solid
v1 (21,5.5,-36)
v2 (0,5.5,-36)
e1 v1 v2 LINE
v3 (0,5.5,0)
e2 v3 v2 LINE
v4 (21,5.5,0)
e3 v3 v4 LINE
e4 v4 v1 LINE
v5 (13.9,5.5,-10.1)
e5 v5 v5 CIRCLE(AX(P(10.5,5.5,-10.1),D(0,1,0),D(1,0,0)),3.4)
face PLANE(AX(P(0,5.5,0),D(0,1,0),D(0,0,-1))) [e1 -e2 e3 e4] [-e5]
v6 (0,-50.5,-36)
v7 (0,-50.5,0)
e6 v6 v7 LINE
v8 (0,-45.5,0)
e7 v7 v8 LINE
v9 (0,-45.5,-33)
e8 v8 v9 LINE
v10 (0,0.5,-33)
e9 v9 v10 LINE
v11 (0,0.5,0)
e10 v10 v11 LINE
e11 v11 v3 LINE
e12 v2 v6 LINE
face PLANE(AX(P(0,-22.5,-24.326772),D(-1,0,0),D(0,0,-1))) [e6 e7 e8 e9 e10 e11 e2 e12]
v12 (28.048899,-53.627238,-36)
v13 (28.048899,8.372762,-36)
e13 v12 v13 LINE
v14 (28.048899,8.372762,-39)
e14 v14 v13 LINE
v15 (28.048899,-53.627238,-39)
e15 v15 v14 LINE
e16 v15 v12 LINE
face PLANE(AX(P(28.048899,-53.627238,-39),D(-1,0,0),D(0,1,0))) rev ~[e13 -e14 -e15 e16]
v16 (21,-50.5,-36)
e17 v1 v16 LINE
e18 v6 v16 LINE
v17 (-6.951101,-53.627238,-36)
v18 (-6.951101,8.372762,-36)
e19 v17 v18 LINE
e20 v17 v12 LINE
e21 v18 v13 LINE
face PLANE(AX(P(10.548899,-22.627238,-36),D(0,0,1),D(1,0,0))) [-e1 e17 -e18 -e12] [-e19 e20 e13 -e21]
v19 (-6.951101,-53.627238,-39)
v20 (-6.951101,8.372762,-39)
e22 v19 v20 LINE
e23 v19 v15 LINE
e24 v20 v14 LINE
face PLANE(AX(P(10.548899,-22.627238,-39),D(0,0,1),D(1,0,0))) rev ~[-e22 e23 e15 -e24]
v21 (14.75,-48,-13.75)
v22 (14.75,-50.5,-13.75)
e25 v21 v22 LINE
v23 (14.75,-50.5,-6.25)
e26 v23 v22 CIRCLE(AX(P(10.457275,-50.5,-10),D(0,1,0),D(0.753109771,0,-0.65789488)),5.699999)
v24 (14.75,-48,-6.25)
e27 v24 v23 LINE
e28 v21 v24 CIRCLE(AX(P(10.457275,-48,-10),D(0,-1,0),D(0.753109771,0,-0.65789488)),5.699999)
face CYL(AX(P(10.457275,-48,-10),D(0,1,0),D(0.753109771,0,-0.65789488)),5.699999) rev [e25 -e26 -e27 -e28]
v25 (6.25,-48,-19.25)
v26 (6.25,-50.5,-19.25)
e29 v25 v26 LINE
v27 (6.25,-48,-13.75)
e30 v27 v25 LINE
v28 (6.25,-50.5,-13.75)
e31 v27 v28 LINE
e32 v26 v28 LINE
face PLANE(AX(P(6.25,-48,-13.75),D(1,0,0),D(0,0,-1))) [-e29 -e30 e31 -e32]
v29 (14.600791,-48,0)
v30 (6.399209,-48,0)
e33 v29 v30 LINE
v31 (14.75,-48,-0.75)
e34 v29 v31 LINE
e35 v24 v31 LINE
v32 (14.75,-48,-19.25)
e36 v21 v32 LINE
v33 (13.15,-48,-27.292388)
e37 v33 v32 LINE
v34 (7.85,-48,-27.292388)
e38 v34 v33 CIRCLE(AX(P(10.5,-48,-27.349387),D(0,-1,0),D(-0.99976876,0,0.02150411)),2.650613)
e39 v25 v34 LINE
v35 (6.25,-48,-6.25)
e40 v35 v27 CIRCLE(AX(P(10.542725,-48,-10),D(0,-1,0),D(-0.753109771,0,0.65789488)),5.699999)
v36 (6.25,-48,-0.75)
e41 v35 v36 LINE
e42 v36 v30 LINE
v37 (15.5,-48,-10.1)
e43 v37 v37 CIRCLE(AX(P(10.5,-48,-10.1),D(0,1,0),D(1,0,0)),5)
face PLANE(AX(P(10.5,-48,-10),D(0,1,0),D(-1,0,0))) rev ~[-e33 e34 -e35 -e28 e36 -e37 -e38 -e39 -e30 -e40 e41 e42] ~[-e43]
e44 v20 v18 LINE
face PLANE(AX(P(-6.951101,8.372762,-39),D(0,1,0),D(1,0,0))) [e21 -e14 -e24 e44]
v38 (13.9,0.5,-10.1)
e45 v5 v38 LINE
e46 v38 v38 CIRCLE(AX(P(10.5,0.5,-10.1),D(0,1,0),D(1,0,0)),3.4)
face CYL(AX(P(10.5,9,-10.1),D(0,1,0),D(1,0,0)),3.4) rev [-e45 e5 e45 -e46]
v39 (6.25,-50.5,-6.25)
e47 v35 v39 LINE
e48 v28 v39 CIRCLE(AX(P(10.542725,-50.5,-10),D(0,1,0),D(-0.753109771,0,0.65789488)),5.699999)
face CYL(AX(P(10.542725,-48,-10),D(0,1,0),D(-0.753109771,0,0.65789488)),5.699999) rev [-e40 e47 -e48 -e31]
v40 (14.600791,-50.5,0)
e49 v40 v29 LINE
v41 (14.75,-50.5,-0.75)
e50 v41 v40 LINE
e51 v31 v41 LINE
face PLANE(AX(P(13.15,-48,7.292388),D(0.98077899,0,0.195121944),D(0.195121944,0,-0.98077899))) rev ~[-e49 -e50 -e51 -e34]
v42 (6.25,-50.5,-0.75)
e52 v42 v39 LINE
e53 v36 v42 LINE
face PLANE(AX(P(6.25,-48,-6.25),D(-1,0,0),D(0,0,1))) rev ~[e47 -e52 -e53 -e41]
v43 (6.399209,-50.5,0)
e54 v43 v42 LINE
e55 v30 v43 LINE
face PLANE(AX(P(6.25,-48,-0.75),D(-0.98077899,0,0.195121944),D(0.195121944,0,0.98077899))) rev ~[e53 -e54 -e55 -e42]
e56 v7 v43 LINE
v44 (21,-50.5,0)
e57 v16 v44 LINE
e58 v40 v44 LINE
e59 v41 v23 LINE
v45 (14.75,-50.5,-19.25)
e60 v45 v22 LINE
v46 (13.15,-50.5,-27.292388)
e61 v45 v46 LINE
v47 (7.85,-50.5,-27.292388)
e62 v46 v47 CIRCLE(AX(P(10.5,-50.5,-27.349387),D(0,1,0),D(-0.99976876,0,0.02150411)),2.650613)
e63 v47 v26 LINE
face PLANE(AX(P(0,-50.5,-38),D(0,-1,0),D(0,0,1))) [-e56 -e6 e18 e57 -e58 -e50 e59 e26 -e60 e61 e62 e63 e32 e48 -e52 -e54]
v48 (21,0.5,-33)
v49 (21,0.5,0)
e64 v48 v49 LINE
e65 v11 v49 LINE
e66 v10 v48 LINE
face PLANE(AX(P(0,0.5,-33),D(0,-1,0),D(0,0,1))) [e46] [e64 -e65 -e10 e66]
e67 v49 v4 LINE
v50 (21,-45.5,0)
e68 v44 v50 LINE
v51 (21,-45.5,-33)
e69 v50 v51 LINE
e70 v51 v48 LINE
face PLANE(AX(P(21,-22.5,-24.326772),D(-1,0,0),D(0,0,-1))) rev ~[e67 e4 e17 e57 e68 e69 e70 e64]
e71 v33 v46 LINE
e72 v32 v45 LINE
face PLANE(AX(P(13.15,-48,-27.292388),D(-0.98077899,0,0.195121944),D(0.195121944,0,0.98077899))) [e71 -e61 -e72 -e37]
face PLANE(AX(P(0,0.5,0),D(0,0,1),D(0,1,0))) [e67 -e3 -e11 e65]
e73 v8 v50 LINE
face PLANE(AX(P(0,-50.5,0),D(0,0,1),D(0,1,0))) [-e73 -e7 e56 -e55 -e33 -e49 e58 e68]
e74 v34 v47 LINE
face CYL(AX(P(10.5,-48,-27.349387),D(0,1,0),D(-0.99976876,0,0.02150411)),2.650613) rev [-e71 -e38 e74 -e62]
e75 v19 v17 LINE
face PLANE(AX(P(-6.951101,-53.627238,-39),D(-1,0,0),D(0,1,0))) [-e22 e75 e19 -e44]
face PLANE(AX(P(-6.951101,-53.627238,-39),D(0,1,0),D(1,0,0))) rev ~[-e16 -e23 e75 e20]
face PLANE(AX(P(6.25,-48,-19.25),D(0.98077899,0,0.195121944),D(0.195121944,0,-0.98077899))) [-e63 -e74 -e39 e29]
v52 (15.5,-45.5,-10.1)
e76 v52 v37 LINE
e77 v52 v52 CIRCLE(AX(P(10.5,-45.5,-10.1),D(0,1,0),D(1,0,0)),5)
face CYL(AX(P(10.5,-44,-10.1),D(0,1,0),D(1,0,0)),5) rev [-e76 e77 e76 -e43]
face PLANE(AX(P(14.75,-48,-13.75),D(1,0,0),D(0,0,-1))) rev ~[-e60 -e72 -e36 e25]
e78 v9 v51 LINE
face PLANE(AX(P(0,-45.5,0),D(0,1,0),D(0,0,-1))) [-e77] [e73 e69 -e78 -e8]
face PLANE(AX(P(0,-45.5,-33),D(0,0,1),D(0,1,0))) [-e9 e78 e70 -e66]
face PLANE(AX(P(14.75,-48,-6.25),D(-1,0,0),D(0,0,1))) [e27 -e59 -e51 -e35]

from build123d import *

# Parameters (mm, degrees)
CYLINDER053_R          = 3.4
CYLINDER053_DEPTH      = 44
CYLINDER052_R          = 5
CYLINDER052_DEPTH      = 9
PAD019_DEPTH           = 5
PAD018_DEPTH           = 21
CUT028_PLACEMENT_ANGLE = 90
SKETCH020_W            = 35
SKETCH020_H            = 62
PAD020_DEPTH           = 3


with BuildPart() as cylinder053:
    # Cylinder053 → Cylinder053 (new body)
    with BuildSketch(Plane(origin=(10.5, -10.1, -9), x_dir=(1, 0, 0), z_dir=(0, 0, 1))):
        Circle(CYLINDER053_R)
    extrude(amount=CYLINDER053_DEPTH)


with BuildPart() as cylinder052:
    # Cylinder052 → Cylinder052 (new body)
    with BuildSketch(Plane(origin=(10.5, -10.1, 44), x_dir=(1, 0, 0), z_dir=(0, 0, 1))):
        Circle(CYLINDER052_R)
    extrude(amount=CYLINDER052_DEPTH)


with BuildPart() as fusion043:
    # Sketch019 → Pad019 (new body)
    with BuildSketch(Plane.XY):
        with BuildLine():
            Line((-4.25, 3.75), (-4.25, 9.25))
            Line((-4.25, 9.25), (-2.65, 17.292388))
            ThreePointArc((2.65, 17.292388), (0, 20), (-2.65, 17.292388))
            Line((2.65, 17.292388), (4.25, 9.25))
            Line((4.25, 3.75), (4.25, 9.25))
            ThreePointArc((4.25, -3.75), (5.657274, 0), (4.25, 3.75))
            Line((4.25, -3.75), (4.25, -9.25))
            Line((2.65, -17.292388), (4.25, -9.25))
            ThreePointArc((-2.65, -17.292388), (0, -20), (2.65, -17.292388))
            Line((-4.25, -9.25), (-2.65, -17.292388))
            Line((-4.25, -3.75), (-4.25, -9.25))
            ThreePointArc((-4.25, 3.75), (-5.657274, 0), (-4.25, -3.75))
        make_face()
    extrude(amount=PAD019_DEPTH)


with BuildPart() as fusion043_1:
    # Body019 placement: moved
    add(fusion043.part.moved(Location((10.5, -10, 48))))

    # Fusion043: union Cylinder052
    add(cylinder052.part)


with BuildPart() as agarre004:
    # Sketch018 → Pad018 (new body)
    with BuildSketch(Plane.YZ):
        Polygon((-33, -0.5), (0, -0.5), (0, -5.5), (-38, -5.5), (-38, 50.5), (0, 50.5), (0, 45.5), (-33, 45.5), align=None)
    extrude(amount=PAD018_DEPTH)

    # Cut027: cut Fusion043
    add(fusion043_1.part, mode=Mode.SUBTRACT)

    # Cut028: cut Cylinder053
    add(cylinder053.part, mode=Mode.SUBTRACT)


with BuildPart() as agarre004_1:
    # Cut028 placement: moved
    add(agarre004.part.rotate(Axis((0, 0, 0), (1, 0, 0)), CUT028_PLACEMENT_ANGLE))


with BuildPart() as fusion044:
    # Sketch020 → Pad020 (new body)
    with BuildSketch(Plane.XY):
        with Locations((10.548899, -22.627238)):
            Rectangle(SKETCH020_W, SKETCH020_H)
    extrude(amount=PAD020_DEPTH)


with BuildPart() as fusion044_1:
    # Body020 placement: moved
    add(fusion044.part.moved(Location((0, 0, -39))))

    # Fusion044: union Agarre004
    add(agarre004_1.part)


solid = fusion044_1.part
